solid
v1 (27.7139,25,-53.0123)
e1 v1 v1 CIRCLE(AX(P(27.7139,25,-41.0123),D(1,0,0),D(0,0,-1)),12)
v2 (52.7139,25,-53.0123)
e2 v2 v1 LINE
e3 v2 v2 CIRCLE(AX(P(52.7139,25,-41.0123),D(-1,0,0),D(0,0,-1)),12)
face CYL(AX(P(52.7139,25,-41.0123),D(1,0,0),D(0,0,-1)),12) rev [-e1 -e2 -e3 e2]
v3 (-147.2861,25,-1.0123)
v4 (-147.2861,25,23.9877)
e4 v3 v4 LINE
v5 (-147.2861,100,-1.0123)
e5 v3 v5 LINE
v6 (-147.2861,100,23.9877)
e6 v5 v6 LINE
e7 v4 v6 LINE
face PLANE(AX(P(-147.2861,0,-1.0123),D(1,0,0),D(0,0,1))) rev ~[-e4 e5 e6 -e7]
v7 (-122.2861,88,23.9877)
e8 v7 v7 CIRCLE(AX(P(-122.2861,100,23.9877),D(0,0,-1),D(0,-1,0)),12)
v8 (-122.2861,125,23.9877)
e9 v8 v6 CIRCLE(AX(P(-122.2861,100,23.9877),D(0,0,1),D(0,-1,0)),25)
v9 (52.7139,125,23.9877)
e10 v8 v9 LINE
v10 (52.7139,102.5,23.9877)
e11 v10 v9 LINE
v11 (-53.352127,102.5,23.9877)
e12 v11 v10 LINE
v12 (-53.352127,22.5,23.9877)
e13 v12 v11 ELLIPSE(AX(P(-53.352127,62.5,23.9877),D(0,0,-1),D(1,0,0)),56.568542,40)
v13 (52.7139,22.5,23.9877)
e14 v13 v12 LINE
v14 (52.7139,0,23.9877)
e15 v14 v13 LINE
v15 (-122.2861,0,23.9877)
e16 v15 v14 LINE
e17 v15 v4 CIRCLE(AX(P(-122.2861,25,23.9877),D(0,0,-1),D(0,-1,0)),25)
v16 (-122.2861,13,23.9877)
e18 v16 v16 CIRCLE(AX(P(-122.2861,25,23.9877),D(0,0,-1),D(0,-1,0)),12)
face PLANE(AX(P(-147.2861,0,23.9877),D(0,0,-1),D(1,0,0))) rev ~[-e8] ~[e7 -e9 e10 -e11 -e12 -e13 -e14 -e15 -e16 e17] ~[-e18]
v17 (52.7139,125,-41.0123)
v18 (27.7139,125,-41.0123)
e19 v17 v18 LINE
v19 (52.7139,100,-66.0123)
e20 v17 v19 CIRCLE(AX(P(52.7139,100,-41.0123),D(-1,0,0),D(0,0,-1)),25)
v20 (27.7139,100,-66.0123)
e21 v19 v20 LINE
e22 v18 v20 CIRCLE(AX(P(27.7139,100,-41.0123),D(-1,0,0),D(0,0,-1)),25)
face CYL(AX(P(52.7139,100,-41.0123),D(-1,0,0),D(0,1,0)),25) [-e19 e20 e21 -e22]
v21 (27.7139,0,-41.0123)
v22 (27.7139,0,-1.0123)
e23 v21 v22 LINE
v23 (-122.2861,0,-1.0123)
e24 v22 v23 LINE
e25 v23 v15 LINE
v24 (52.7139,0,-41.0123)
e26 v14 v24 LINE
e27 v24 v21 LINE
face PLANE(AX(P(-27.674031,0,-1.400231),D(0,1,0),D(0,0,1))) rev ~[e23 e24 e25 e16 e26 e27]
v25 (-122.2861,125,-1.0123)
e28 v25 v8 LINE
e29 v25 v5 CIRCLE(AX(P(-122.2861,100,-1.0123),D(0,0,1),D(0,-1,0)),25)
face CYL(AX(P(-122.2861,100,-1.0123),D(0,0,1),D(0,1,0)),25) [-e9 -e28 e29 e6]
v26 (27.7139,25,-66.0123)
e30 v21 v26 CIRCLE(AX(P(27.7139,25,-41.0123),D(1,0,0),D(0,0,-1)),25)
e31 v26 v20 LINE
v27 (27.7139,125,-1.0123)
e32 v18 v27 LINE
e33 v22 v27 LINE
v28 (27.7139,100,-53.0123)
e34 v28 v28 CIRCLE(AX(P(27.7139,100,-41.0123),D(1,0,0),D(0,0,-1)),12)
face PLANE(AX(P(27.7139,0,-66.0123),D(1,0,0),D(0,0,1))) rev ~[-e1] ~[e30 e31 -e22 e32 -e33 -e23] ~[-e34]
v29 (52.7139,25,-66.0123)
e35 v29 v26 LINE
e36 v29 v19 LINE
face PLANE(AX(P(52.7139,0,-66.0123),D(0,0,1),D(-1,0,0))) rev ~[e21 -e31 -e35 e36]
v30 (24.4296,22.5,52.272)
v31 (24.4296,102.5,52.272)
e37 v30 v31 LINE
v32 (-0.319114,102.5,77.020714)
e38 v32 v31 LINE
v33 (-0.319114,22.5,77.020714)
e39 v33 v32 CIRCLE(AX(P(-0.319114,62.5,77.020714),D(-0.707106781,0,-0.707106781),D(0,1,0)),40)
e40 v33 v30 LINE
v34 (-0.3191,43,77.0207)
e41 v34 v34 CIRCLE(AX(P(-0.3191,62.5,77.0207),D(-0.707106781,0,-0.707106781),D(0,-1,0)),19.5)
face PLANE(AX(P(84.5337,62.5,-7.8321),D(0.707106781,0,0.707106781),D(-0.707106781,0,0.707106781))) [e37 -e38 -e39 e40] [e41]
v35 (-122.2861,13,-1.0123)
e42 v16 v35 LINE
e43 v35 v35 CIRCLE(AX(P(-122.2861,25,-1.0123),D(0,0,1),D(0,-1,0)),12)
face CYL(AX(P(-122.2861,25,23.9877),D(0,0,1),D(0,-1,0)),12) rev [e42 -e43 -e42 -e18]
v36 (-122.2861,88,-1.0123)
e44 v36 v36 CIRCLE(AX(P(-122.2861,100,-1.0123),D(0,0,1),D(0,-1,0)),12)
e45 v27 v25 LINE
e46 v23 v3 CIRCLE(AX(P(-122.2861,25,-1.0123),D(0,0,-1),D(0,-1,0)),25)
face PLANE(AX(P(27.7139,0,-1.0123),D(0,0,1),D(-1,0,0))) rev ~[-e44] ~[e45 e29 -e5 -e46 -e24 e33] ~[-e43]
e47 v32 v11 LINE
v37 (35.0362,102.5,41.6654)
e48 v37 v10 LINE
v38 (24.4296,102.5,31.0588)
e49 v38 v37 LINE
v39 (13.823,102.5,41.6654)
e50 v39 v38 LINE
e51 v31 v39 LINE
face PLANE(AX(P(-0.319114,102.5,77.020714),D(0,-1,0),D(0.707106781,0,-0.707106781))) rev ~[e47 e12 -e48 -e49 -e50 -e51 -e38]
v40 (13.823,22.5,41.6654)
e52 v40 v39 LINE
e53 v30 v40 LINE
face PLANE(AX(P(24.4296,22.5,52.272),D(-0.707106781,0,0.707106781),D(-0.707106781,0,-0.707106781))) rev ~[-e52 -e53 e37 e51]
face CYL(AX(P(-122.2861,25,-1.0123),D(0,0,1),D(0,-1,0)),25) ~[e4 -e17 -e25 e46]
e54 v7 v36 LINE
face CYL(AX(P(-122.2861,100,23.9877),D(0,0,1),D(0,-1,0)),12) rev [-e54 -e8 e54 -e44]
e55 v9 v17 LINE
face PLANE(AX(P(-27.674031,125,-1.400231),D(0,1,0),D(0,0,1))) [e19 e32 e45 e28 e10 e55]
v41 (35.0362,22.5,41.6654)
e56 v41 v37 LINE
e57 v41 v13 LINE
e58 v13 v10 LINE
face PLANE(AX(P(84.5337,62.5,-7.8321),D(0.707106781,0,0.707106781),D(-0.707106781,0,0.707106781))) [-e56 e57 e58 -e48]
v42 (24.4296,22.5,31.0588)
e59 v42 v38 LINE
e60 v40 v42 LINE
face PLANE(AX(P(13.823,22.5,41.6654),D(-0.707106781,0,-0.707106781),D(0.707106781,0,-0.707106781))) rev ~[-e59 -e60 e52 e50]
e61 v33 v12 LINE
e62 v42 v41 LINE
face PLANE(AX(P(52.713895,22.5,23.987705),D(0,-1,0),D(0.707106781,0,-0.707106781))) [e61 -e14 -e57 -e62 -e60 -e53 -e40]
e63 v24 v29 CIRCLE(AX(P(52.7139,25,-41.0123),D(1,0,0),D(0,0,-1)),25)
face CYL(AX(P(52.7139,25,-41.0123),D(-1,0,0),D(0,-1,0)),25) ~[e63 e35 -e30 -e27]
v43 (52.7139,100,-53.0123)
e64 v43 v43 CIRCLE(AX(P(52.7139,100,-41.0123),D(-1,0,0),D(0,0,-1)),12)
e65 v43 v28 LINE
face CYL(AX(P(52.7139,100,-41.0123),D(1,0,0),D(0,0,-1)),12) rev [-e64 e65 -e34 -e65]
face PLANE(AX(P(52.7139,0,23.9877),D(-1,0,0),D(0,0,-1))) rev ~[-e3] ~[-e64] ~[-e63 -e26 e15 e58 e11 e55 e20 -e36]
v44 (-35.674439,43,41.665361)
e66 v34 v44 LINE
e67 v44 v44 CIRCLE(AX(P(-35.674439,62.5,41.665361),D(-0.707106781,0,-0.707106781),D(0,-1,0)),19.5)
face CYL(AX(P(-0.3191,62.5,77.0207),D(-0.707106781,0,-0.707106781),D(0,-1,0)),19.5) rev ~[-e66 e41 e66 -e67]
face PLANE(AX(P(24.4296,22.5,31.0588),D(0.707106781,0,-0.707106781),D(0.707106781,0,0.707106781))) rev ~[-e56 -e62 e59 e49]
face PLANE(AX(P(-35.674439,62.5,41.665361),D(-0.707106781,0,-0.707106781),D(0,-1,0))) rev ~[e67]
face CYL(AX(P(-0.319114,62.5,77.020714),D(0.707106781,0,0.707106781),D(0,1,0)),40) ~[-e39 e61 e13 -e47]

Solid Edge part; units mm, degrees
sketch "Sketch1" plane through (0, 0, 0) normal (0, -1, 0) x (1, 0, 0)
  line L0 (-147.2861, 23.9877) -> (52.7139, 23.9877)
  line L1 (52.7139, 23.9877) -> (52.7139, -66.0123)
  line L2 (52.7139, -66.0123) -> (27.7139, -66.0123)
  line L3 (27.7139, -66.0123) -> (27.7139, -1.0123)
  line L4 (27.7139, -1.0123) -> (-147.2861, -1.0123)
  line L5 (-147.2861, -1.0123) -> (-147.2861, 23.9877)
extrude "Protrusion1" add sketch "Sketch1" against normal blind 125
sketch "Sketch2" plane through (84.5337, 62.5, -7.8321) normal (0.7071, 0, 0.7071) x (0, 1, 0)
  line L0 (-40, 45) -> (-40, 120)
  arc A0 (-40, 120) -> (40, 120) centre (0, 120) cw
  line L1 (40, 120) -> (40, 45)
extrude "Protrusion2" add sketch "Sketch2" against normal up to next material side at (26.1974, 22.55, 50.5042)
fillet "Round1" radius 25 4 edges at (-147.2861, 0, 11.4877) (40.2139, 0, -66.0123) (40.2139, 125, -66.0123) (-147.2861, 125, 11.4877)
hole "Hole1" at (52.7139, 25, -41.0123) direction (-1, 0, 0) diameter 24 end up to next
hole "Hole_2" at (52.7139, 100, -41.0123) direction (-1, 0, 0) diameter 24 end up to next
hole "Hole_3" at (-122.2861, 25, 23.9877) direction (0, 0, -1) diameter 24 end up to next
hole "Hole_4" at (-122.2861, 100, 23.9877) direction (0, 0, -1) diameter 24 end up to next
hole "Hole_5" at (-0.3191, 62.5, 77.0207) direction (-0.7071, 0, -0.7071) diameter 39 depth 50
sketch "Sketch3" plane through (-0.3191, 22.5, 50.5042) normal (0, -1, 0) x (1, 0, 0)
  line L0 (24.7487, 1.7678) -> (14.1421, -8.8388)
  line L1 (14.1421, -8.8388) -> (24.7487, -19.4454)
  line L2 (24.7487, -19.4454) -> (35.3553, -8.8388)
extrude "Cutout1" cut sketch "Sketch3" against normal through all material side at (19.1617, 22.5, 46.9333)
properties material "Steel"
